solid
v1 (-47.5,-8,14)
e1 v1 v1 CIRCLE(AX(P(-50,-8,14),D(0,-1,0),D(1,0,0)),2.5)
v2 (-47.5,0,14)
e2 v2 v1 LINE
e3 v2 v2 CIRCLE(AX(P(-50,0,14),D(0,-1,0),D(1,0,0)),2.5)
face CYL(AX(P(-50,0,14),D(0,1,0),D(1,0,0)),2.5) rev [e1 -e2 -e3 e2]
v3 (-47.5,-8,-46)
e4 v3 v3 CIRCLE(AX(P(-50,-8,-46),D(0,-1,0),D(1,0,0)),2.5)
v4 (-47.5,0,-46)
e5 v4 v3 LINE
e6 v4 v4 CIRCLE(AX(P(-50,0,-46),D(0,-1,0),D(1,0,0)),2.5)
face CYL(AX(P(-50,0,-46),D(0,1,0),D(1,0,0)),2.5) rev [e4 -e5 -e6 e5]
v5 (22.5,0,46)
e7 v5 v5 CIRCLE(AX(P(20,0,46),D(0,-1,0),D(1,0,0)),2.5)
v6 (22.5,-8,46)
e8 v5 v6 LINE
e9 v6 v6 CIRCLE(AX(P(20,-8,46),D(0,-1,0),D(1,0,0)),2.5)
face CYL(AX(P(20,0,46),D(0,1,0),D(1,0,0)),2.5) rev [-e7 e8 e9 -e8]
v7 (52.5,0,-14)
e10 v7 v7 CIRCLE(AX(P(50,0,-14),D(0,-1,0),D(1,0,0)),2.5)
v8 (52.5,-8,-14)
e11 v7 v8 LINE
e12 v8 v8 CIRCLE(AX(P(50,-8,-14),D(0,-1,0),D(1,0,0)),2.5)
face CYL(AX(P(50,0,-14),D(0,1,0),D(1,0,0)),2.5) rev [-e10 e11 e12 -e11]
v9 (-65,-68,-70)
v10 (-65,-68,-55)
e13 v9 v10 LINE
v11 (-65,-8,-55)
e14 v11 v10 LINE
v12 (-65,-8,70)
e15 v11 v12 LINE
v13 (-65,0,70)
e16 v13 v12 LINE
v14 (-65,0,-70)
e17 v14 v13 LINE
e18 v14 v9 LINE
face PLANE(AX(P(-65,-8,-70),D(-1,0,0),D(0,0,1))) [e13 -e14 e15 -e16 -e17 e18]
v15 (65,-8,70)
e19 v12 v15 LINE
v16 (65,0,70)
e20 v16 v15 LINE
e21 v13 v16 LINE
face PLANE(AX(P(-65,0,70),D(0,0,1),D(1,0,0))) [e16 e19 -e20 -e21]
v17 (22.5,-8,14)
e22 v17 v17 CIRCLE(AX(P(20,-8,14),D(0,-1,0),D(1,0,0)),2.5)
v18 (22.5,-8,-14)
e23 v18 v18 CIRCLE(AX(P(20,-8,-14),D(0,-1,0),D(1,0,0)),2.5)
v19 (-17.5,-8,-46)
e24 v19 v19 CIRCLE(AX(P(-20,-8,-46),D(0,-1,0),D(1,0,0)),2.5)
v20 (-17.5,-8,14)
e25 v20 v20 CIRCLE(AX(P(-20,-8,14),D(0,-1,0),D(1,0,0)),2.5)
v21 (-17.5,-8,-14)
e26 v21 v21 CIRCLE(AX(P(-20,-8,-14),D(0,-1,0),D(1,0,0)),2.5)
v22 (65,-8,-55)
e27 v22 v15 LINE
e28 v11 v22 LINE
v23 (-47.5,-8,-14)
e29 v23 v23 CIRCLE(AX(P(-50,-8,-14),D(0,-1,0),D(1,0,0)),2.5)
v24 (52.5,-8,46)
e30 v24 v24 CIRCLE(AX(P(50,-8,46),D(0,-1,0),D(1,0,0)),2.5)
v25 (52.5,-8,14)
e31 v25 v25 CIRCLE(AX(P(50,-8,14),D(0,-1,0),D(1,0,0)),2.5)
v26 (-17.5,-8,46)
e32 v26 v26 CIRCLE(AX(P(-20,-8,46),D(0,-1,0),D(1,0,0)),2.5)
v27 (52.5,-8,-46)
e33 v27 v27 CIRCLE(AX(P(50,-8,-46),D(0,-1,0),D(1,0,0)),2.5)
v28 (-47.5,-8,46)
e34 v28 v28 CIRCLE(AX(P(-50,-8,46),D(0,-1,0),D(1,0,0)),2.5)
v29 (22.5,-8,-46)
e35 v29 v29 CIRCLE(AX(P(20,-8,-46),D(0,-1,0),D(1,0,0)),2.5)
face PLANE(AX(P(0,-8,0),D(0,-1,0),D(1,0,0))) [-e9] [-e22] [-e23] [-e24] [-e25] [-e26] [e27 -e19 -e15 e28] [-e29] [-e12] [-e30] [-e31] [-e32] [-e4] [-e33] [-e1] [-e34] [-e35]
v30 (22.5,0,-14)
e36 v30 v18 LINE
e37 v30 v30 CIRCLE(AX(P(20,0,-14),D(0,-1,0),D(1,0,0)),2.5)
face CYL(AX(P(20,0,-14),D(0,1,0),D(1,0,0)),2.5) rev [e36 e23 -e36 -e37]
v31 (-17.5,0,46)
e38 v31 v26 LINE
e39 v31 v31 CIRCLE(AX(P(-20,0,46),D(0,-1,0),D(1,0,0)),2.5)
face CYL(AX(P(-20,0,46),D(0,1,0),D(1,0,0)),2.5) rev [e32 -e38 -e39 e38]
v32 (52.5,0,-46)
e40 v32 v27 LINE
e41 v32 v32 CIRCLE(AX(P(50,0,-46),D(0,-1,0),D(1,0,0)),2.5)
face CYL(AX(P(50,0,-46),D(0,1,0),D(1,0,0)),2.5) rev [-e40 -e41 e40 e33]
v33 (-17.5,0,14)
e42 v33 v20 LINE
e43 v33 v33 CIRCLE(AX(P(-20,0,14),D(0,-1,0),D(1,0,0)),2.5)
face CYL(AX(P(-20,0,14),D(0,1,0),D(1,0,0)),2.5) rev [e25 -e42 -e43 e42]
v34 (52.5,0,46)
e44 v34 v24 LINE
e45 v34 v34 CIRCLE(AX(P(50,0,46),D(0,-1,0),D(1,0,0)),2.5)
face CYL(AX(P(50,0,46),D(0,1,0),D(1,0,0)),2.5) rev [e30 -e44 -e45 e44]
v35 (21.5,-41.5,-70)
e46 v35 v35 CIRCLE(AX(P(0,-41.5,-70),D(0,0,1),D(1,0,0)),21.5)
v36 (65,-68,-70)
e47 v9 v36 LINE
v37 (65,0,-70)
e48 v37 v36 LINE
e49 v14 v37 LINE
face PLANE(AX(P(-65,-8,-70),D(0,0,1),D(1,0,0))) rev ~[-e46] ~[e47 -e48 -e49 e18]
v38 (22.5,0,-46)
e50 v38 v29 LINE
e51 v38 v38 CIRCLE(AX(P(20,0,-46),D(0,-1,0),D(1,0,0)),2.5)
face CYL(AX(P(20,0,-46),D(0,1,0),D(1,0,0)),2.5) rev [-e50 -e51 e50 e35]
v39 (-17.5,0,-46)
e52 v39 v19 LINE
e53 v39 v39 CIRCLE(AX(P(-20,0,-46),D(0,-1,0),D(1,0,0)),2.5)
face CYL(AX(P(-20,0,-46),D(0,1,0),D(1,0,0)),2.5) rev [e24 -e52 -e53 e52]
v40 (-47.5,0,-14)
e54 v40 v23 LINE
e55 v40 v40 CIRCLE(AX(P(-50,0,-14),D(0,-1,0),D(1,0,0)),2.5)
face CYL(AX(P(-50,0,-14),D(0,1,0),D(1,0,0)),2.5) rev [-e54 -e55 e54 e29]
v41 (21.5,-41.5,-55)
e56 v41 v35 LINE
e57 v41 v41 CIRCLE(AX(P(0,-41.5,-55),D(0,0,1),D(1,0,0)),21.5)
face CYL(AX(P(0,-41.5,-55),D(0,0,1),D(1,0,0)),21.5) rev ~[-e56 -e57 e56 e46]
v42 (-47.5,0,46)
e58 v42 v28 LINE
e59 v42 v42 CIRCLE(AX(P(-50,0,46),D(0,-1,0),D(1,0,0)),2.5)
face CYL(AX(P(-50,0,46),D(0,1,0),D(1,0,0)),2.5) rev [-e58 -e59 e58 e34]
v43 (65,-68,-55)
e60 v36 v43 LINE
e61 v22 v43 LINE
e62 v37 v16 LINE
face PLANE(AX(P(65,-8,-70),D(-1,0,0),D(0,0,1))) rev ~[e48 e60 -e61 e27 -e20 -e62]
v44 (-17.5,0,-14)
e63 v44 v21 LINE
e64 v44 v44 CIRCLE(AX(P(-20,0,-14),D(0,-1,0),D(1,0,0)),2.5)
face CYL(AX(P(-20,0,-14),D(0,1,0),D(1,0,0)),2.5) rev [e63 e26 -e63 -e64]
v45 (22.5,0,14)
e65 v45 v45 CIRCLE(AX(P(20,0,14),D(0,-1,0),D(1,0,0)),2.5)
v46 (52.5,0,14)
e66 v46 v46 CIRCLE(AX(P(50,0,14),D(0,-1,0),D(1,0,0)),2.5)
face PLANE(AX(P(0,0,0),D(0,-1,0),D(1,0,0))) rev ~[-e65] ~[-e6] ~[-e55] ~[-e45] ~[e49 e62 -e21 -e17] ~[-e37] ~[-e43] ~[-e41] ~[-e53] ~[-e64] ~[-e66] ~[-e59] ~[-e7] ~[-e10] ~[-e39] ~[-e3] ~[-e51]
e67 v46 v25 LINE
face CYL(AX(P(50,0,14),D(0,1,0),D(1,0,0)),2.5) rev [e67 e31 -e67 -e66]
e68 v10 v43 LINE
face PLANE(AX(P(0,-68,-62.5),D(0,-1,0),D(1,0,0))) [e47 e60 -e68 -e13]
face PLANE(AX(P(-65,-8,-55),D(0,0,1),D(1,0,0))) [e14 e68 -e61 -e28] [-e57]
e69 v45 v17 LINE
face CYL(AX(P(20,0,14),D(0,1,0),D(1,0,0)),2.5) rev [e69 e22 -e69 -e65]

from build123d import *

# Parameters (mm, degrees)
F0_W     = 130
F0_H     = 140
F0_R     = 2.5
F1_DEPTH = 8
F2_W     = 130
F2_H     = 15
F3_DEPTH = 60
F4_R     = 21.5
F5_DEPTH = 25


with BuildPart() as f1:
    # F0 (on Front) → F1 (new body)
    with BuildSketch(Plane.XZ):
        Rectangle(F0_W, F0_H)
        with Locations((-50, -46)):
            Circle(F0_R, mode=Mode.SUBTRACT)
        with Locations((-20, -46)):
            Circle(F0_R, mode=Mode.SUBTRACT)
        with Locations((-50, -14)):
            Circle(F0_R, mode=Mode.SUBTRACT)
        with Locations((-20, -14)):
            Circle(F0_R, mode=Mode.SUBTRACT)
        with Locations((20, -46)):
            Circle(F0_R, mode=Mode.SUBTRACT)
        with Locations((50, -46)):
            Circle(F0_R, mode=Mode.SUBTRACT)
        with Locations((20, -14)):
            Circle(F0_R, mode=Mode.SUBTRACT)
        with Locations((50, -14)):
            Circle(F0_R, mode=Mode.SUBTRACT)
        with Locations((-50, 14)):
            Circle(F0_R, mode=Mode.SUBTRACT)
        with Locations((-20, 14)):
            Circle(F0_R, mode=Mode.SUBTRACT)
        with Locations((-50, 46)):
            Circle(F0_R, mode=Mode.SUBTRACT)
        with Locations((-20, 46)):
            Circle(F0_R, mode=Mode.SUBTRACT)
        with Locations((20, 14)):
            Circle(F0_R, mode=Mode.SUBTRACT)
        with Locations((50, 14)):
            Circle(F0_R, mode=Mode.SUBTRACT)
        with Locations((20, 46)):
            Circle(F0_R, mode=Mode.SUBTRACT)
        with Locations((50, 46)):
            Circle(F0_R, mode=Mode.SUBTRACT)
    extrude(amount=F1_DEPTH)

    # F2 (on face) → F3 (join)
    with BuildSketch(Plane.XZ.offset(8)):
        with Locations((0, -62.5)):
            Rectangle(F2_W, F2_H)
    extrude(amount=F3_DEPTH)

    # F4 (on face) → F5 (cut)
    with BuildSketch(Plane.XY.offset(-55)):
        with Locations((0, -41.5)):
            Circle(F4_R)
    extrude(amount=-F5_DEPTH, mode=Mode.SUBTRACT)


solid = f1.part
